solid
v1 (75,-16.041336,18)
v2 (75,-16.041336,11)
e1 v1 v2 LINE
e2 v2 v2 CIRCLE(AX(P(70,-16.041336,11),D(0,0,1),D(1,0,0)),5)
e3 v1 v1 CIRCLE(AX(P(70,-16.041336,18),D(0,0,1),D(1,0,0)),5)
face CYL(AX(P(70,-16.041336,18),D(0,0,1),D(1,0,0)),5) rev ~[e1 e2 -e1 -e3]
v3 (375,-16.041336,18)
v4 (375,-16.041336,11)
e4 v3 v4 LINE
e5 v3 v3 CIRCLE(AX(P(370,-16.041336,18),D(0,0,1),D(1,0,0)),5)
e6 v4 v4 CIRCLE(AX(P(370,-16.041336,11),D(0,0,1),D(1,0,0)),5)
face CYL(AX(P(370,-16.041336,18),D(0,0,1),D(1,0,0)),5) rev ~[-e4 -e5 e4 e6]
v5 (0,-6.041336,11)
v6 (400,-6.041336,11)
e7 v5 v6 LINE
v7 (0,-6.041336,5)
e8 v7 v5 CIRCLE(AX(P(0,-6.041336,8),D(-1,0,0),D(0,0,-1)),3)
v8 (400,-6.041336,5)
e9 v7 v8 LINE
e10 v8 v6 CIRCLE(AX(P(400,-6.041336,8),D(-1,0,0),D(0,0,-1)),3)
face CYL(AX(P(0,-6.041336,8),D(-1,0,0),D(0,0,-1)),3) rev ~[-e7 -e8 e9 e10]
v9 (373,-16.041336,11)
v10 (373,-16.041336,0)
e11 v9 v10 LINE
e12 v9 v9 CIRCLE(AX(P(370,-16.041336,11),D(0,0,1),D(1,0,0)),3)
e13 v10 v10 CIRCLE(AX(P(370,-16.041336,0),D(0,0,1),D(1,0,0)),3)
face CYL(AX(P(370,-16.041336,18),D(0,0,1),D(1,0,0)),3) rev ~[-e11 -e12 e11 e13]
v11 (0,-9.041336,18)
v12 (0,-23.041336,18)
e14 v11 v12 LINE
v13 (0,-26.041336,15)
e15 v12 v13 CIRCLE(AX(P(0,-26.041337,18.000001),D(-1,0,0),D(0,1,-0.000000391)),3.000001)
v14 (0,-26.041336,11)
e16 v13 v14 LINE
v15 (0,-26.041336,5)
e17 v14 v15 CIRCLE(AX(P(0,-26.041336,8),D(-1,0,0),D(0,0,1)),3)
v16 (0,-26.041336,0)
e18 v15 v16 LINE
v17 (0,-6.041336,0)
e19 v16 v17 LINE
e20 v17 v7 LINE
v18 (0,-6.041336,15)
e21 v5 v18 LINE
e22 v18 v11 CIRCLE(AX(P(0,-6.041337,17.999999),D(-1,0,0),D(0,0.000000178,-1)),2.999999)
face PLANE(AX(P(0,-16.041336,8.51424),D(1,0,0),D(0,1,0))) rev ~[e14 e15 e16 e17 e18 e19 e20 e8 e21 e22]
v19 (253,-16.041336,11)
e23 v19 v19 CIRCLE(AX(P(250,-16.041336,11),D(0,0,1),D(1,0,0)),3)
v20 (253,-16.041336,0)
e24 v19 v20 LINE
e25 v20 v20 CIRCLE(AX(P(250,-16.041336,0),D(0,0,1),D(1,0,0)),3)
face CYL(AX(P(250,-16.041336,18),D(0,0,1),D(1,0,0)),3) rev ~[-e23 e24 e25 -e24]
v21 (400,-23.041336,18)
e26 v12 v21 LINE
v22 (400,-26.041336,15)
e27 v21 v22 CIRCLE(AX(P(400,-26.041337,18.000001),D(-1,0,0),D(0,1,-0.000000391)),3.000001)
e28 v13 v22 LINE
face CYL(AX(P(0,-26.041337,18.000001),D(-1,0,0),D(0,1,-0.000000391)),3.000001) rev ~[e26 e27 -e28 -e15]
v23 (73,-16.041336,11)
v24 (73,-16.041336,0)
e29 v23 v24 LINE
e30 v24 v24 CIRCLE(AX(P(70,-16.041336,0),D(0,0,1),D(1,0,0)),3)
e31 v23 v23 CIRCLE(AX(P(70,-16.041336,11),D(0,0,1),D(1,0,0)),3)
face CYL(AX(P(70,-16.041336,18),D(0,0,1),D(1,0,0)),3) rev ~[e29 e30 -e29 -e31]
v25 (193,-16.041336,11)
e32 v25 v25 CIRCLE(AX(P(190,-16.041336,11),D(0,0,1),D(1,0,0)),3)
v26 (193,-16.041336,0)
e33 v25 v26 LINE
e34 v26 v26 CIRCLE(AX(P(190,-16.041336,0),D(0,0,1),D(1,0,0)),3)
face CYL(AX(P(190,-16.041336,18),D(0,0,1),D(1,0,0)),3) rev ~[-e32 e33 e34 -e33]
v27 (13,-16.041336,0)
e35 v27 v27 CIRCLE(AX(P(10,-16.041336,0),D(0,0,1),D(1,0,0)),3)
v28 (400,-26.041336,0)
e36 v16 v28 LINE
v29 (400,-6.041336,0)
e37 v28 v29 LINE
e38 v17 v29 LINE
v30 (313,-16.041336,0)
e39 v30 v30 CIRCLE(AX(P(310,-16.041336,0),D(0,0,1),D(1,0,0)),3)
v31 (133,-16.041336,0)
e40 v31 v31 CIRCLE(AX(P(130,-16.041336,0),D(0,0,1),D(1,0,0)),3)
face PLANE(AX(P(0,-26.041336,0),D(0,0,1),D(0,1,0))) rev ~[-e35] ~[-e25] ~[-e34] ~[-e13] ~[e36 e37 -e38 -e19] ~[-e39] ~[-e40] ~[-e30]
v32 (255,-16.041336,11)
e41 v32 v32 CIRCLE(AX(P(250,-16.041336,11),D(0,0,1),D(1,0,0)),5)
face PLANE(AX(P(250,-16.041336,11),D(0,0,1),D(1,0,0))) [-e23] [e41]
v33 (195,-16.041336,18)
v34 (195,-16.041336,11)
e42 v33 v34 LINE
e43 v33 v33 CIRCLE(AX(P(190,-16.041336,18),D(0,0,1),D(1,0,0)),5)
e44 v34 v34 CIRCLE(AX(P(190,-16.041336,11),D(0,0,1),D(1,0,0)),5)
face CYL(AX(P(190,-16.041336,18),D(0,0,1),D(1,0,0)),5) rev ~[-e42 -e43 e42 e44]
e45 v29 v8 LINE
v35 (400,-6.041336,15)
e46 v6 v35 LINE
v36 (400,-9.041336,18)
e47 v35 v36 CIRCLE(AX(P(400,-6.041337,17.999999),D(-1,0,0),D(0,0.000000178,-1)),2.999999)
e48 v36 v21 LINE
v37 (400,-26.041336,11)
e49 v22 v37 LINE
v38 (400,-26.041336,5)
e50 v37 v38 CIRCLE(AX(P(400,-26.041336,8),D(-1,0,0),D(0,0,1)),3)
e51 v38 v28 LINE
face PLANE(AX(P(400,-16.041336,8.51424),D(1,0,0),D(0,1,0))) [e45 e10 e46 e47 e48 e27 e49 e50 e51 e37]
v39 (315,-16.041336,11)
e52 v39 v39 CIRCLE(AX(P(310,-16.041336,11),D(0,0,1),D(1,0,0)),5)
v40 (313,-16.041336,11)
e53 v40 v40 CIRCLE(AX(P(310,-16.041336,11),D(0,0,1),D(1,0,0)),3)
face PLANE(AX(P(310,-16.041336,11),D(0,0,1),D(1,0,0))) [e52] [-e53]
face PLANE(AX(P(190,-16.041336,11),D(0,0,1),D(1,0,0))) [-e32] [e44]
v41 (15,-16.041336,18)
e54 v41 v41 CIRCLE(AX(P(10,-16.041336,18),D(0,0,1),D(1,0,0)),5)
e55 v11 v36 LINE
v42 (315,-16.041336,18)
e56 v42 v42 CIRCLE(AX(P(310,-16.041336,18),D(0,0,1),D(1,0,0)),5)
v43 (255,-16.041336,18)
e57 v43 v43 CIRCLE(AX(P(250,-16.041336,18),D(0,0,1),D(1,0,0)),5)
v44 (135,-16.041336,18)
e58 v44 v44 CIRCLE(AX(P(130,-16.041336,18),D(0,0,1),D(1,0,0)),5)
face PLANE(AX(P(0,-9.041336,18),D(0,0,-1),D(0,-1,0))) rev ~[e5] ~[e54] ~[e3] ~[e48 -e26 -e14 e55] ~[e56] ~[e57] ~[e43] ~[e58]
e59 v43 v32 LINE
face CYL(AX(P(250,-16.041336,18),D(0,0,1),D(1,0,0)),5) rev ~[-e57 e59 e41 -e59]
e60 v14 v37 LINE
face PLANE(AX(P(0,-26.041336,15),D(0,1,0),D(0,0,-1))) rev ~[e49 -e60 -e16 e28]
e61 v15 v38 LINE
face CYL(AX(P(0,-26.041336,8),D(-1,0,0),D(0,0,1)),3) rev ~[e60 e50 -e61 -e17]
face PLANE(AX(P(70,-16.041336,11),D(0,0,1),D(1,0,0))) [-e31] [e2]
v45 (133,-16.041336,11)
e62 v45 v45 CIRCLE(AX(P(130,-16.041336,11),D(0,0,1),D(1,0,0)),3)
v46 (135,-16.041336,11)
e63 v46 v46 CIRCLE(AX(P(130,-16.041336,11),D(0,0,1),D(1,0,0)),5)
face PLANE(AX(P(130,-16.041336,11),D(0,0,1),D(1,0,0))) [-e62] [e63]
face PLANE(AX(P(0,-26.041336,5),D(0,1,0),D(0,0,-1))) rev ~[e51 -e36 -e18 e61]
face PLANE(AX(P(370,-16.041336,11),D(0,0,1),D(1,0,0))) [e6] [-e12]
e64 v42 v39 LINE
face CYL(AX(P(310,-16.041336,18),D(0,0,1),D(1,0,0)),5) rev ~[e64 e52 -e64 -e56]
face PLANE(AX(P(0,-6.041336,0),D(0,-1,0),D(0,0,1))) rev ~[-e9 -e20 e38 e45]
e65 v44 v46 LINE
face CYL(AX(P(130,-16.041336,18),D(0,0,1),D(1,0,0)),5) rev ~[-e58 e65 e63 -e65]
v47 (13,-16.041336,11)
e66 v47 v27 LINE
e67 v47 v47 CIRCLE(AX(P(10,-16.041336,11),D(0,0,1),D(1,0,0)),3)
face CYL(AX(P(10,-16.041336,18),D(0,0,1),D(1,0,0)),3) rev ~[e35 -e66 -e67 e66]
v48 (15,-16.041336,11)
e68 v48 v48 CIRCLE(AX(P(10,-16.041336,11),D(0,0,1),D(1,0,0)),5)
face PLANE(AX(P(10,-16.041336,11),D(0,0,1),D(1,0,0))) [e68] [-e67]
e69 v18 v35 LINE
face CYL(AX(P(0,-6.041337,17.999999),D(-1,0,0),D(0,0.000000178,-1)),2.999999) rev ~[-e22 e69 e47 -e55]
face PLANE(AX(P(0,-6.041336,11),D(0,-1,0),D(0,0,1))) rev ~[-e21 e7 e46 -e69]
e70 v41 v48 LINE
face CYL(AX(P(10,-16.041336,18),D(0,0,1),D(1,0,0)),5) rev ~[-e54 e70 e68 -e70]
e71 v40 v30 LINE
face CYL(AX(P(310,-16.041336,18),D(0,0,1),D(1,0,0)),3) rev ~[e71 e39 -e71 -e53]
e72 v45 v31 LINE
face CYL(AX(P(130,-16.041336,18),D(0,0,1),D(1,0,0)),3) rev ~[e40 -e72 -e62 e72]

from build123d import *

# Parameters (mm, degrees)
F1_DEPTH = 400
F2_R     = 3
F3_DEPTH = 18
F4_R     = 5
F5_DEPTH = 7


with BuildPart() as f1:
    # F0 (on Right) → F1 (new body)
    with BuildSketch(Plane.YZ):
        with BuildLine():
            Line((-26.041336, 5), (-26.041336, 0))
            Line((-26.041336, 0), (-6.041336, 0))
            Line((-6.041336, 0), (-6.041336, 5))
            ThreePointArc((-6.041336, 5), (-9.041336, 8), (-6.041336, 11))
            Line((-6.041336, 11), (-6.041336, 15))
            ThreePointArc((-6.041336, 15), (-8.162657, 15.87868), (-9.041336, 18))
            Line((-9.041336, 18), (-23.041336, 18))
            ThreePointArc((-23.041336, 18), (-23.920016, 15.87868), (-26.041336, 15))
            Line((-26.041336, 15), (-26.041336, 11))
            ThreePointArc((-26.041336, 11), (-23.041336, 8), (-26.041336, 5))
        make_face()
    extrude(amount=F1_DEPTH)

    # F2 (on face) → F3 (cut)
    with BuildSketch(Plane.XY.offset(18)):
        with Locations((10, -16.041336)):
            Circle(F2_R)
        with Locations((70, -16.041336)):
            Circle(F2_R)
        with Locations((130, -16.041336)):
            Circle(F2_R)
        with Locations((190, -16.041336)):
            Circle(F2_R)
        with Locations((250, -16.041336)):
            Circle(F2_R)
        with Locations((310, -16.041336)):
            Circle(F2_R)
        with Locations((370, -16.041336)):
            Circle(F2_R)
        with Locations((430, -16.041336)):
            Circle(F2_R)
        with Locations((490, -16.041336)):
            Circle(F2_R)
        with Locations((550, -16.041336)):
            Circle(F2_R)
        with Locations((610, -16.041336)):
            Circle(F2_R)
        with Locations((670, -16.041336)):
            Circle(F2_R)
        with Locations((730, -16.041336)):
            Circle(F2_R)
        with Locations((790, -16.041336)):
            Circle(F2_R)
        with Locations((850, -16.041336)):
            Circle(F2_R)
        with Locations((910, -16.041336)):
            Circle(F2_R)
        with Locations((970, -16.041336)):
            Circle(F2_R)
        with Locations((1030, -16.041336)):
            Circle(F2_R)
        with Locations((1090, -16.041336)):
            Circle(F2_R)
        with Locations((1150, -16.041336)):
            Circle(F2_R)
        with Locations((1210, -16.041336)):
            Circle(F2_R)
        with Locations((1270, -16.041336)):
            Circle(F2_R)
        with Locations((1330, -16.041336)):
            Circle(F2_R)
        with Locations((1390, -16.041336)):
            Circle(F2_R)
        with Locations((1450, -16.041336)):
            Circle(F2_R)
        with Locations((1510, -16.041336)):
            Circle(F2_R)
        with Locations((1570, -16.041336)):
            Circle(F2_R)
        with Locations((1630, -16.041336)):
            Circle(F2_R)
        with Locations((1690, -16.041336)):
            Circle(F2_R)
        with Locations((1750, -16.041336)):
            Circle(F2_R)
        with Locations((1810, -16.041336)):
            Circle(F2_R)
        with Locations((1870, -16.041336)):
            Circle(F2_R)
        with Locations((1930, -16.041336)):
            Circle(F2_R)
        with Locations((1990, -16.041336)):
            Circle(F2_R)
    extrude(amount=-F3_DEPTH, mode=Mode.SUBTRACT)

    # F4 (on face) → F5 (cut)
    with BuildSketch(Plane.XY.offset(18)):
        with Locations((10, -16.041336)):
            Circle(F4_R)
        with Locations((70, -16.041336)):
            Circle(F4_R)
        with Locations((130, -16.041336)):
            Circle(F4_R)
        with Locations((190, -16.041336)):
            Circle(F4_R)
        with Locations((250, -16.041336)):
            Circle(F4_R)
        with Locations((310, -16.041336)):
            Circle(F4_R)
        with Locations((370, -16.041336)):
            Circle(F4_R)
    extrude(amount=-F5_DEPTH, mode=Mode.SUBTRACT)


solid = f1.part
